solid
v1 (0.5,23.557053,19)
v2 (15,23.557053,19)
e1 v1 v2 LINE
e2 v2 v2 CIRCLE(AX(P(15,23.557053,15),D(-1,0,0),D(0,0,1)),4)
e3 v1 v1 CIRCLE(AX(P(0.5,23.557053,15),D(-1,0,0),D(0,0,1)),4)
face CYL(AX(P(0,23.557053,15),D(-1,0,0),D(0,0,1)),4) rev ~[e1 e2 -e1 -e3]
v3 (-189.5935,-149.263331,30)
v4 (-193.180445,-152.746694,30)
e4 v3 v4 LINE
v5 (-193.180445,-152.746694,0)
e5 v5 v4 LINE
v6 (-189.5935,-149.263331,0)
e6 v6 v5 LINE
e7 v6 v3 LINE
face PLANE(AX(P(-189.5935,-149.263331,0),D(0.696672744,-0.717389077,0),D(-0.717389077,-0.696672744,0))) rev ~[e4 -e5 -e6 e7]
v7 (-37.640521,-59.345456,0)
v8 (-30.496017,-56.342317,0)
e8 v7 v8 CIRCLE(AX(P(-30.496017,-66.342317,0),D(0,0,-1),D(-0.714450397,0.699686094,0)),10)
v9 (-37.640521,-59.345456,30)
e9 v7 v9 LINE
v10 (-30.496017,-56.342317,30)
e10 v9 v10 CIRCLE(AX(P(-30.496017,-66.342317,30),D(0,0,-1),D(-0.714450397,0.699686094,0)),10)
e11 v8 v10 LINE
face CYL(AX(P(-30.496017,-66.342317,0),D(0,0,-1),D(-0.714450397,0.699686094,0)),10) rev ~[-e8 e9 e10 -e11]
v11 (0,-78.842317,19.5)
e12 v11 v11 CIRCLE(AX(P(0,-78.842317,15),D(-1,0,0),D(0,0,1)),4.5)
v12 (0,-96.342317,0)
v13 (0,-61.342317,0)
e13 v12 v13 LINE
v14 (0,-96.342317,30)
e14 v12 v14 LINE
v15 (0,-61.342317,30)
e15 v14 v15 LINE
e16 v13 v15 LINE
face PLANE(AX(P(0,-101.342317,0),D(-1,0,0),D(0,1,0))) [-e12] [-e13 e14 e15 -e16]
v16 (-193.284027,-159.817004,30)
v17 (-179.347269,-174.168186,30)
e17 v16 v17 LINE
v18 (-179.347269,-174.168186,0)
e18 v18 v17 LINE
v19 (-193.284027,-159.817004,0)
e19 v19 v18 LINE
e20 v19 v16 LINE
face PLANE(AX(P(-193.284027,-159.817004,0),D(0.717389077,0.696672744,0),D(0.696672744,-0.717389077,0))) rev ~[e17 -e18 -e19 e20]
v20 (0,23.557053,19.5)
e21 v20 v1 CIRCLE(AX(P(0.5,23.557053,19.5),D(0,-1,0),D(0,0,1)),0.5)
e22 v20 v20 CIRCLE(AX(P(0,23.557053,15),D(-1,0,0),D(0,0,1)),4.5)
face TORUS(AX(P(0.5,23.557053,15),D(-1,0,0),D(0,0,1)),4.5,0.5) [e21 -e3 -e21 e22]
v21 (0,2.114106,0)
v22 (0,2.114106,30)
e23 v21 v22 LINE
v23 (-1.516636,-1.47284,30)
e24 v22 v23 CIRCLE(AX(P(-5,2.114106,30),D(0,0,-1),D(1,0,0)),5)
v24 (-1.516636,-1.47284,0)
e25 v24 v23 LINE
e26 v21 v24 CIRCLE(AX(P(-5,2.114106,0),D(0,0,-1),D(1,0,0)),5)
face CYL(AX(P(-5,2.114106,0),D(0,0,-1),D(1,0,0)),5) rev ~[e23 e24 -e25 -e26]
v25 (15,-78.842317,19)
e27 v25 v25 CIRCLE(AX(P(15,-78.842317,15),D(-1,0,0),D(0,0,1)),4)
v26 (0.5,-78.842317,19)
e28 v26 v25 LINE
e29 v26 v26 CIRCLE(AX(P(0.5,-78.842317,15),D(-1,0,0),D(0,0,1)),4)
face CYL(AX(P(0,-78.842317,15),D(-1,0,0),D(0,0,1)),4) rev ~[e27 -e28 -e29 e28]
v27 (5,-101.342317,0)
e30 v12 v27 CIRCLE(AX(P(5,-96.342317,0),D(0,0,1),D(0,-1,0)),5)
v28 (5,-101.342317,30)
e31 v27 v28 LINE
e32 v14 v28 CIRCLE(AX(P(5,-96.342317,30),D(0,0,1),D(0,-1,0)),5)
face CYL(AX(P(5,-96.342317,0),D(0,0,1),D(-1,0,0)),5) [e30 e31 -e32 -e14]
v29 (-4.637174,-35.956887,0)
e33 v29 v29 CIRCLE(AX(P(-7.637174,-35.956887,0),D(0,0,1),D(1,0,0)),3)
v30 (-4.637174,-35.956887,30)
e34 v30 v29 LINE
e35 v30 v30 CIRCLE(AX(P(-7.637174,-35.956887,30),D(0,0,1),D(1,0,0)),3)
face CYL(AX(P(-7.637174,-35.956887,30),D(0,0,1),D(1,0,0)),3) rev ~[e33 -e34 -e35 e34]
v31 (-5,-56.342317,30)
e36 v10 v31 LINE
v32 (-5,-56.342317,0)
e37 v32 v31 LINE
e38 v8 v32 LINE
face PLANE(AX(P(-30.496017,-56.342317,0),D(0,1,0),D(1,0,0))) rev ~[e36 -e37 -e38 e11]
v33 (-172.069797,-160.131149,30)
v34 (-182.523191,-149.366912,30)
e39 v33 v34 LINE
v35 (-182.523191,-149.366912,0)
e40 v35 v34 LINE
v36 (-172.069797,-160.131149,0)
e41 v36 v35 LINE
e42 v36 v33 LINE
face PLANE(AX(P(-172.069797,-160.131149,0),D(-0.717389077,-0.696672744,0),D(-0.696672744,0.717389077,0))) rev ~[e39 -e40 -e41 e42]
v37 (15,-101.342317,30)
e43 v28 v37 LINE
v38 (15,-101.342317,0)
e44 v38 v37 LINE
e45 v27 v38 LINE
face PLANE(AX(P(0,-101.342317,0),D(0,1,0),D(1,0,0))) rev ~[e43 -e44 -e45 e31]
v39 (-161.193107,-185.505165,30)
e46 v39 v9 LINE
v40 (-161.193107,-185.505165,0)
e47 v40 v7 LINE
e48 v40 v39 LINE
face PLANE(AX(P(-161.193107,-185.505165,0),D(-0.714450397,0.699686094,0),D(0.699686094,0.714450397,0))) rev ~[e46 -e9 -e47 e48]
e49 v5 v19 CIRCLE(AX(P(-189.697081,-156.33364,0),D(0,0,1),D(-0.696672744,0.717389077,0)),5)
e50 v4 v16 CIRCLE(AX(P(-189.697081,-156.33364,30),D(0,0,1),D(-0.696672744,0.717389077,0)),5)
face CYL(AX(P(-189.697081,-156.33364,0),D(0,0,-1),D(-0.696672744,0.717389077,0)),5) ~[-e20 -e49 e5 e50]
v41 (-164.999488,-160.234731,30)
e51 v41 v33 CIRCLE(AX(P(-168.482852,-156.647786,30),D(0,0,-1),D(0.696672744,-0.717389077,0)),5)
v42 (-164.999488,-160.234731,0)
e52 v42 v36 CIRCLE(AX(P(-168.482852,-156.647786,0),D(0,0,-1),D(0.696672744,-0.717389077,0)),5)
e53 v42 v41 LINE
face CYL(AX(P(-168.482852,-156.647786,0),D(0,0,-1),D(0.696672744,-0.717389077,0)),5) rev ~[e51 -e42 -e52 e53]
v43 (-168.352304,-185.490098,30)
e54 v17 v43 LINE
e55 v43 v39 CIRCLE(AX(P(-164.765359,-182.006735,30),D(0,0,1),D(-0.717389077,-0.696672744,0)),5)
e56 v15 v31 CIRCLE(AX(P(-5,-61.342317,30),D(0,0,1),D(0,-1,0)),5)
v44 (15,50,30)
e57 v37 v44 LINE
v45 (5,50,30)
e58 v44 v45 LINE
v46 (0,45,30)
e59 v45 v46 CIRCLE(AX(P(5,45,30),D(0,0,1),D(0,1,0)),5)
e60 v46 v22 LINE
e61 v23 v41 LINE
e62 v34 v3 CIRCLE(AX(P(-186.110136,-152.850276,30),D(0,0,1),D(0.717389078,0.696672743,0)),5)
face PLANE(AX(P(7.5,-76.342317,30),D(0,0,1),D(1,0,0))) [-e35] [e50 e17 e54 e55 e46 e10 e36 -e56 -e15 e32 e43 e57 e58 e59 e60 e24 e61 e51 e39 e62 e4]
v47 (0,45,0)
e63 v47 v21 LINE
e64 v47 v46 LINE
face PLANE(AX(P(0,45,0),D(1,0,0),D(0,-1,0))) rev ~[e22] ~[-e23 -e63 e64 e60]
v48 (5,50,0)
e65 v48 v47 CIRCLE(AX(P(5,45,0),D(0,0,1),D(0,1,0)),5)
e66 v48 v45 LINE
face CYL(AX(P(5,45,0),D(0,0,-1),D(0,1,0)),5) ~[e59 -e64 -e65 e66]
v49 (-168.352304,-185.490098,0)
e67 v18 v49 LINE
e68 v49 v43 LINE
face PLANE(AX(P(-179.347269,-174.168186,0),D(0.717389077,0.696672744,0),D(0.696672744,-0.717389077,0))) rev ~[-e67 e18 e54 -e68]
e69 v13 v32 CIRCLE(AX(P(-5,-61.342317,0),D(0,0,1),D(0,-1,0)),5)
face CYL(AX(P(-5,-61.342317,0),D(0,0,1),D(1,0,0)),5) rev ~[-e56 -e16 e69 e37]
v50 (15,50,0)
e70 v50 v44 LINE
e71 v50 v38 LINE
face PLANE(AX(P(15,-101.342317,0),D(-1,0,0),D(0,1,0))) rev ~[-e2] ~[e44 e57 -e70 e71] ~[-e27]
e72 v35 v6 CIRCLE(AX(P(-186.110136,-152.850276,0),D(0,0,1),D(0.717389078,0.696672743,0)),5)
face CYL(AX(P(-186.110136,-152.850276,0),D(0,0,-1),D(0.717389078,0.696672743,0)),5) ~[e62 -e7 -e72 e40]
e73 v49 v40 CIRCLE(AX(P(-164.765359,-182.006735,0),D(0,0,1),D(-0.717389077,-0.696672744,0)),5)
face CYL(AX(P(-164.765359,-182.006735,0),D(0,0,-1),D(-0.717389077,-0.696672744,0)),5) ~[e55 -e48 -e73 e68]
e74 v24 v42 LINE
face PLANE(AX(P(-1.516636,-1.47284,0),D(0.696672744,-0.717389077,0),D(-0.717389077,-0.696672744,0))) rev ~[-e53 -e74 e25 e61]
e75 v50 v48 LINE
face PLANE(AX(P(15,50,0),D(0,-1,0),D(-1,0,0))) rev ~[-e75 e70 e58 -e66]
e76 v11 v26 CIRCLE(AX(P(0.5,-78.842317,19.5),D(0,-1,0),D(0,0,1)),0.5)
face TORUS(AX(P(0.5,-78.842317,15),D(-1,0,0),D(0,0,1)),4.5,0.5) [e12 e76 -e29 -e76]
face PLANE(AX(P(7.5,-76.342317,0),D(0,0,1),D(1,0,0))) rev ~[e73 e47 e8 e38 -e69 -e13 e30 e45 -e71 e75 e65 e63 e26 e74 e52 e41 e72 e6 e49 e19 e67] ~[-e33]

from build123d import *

# Parameters (mm, degrees)
BOSS_EXTRU_3_DEPTH      = 30
ESQUISSE2_W             = 15
ESQUISSE2_H             = 50
BOSS_EXTRU_4_DEPTH      = 30
CONG_1_R                = 5
ESQUISSE3_R             = 4
ENL_V_MAT_EXTRU_1_DEPTH = 30
ESQUISSE4_R             = 4
ENL_V_MAT_EXTRU_2_DEPTH = 30
CONG_2_R                = 0.5
ESQUISSE5_R             = 3
ENL_V_MAT_EXTRU_3_DEPTH = 30


with BuildPart() as part:
    # Esquisse1 → Boss.-Extru.3 (new body)
    with BuildSketch(Plane.XY):
        with BuildLine():
            Line((-1.516636282, -1.472839764), (-164.999487802, -160.23473102))
            ThreePointArc((-164.999487802, -160.23473102), (-168.55609482, -161.647249147), (-172.069796906, -160.131149351))
            Line((-172.069796906, -160.131149351), (-182.523190666, -149.366912378))
            ThreePointArc((-182.523190666, -149.366912378), (-186.036892752, -147.850812582), (-189.593499771, -149.263330708))
            Line((-189.593499771, -149.263330708), (-193.180445158, -152.746694426))
            ThreePointArc((-193.180445158, -152.746694426), (-194.696544953, -156.260396513), (-193.284026827, -159.817003531))
            Line((-193.284026827, -159.817003531), (-179.34726935, -174.168185892))
            Line((-179.34726935, -174.168185892), (-168.352304295, -185.490098382))
            ThreePointArc((-168.352304295, -185.490098382), (-164.775881538, -187.006723591), (-161.193106921, -185.505165132))
            Line((-161.193106921, -185.505165132), (-37.640520995, -59.345455931))
            ThreePointArc((-37.640520995, -59.345455931), (-34.371026094, -57.123623648), (-30.496017021, -56.342316868))
            Line((-30.496017021, -56.342316868), (10, -56.342316868))
            ThreePointArc((10, -56.342316868), (13.535533906, -54.877850774), (15, -51.342316868))
            Line((15, -51.342316868), (15, -6.342316868))
            Line((15, -6.342316868), (15, 50))
            Line((15, 50), (5, 50))
            ThreePointArc((5, 50), (1.464466094, 48.535533906), (0, 45))
            Line((0, 45), (0, 2.114105623))
            ThreePointArc((0, 2.114105623), (-0.394741126, 0.166904887), (-1.516636282, -1.472839764))
        make_face()
    extrude(amount=BOSS_EXTRU_3_DEPTH)

    # Esquisse2 → Boss.-Extru.4 (add)
    with BuildSketch(Plane.XY):
        with Locations((7.5, -76.342316868)):
            Rectangle(ESQUISSE2_W, ESQUISSE2_H)
    extrude(amount=BOSS_EXTRU_4_DEPTH)

    # Congé1
    cong_1_edges = [part.edges().sort_by_distance(p)[0] for p in [
        (0, -56.342316868, 15),
        (0, -101.342316868, 15),
    ]]
    fillet(cong_1_edges, radius=CONG_1_R)

    # Esquisse3 → Enlèv. mat.-Extru.1 (cut)
    with BuildSketch(Plane.ZY):
        with Locations((15, 23.557052811)):
            Circle(ESQUISSE3_R)
    extrude(amount=-ENL_V_MAT_EXTRU_1_DEPTH, mode=Mode.SUBTRACT)

    # Esquisse4 → Enlèv. mat.-Extru.2 (cut)
    with BuildSketch(Plane.ZY):
        with Locations((15, -78.842316868)):
            Circle(ESQUISSE4_R)
    extrude(amount=-ENL_V_MAT_EXTRU_2_DEPTH, mode=Mode.SUBTRACT)

    # Congé2
    cong_2_edges = [part.edges().sort_by_distance(p)[0] for p in [
        (0, 23.557052811, 11),
        (0, -78.842316868, 11),
    ]]
    fillet(cong_2_edges, radius=CONG_2_R)

    # Esquisse5 → Enlèv. mat.-Extru.3 (cut)
    with BuildSketch(Plane.XY.offset(30)):
        with Locations((-7.637173742, -35.95688684)):
            Circle(ESQUISSE5_R)
    extrude(amount=-ENL_V_MAT_EXTRU_3_DEPTH, mode=Mode.SUBTRACT)


solid = part.part
